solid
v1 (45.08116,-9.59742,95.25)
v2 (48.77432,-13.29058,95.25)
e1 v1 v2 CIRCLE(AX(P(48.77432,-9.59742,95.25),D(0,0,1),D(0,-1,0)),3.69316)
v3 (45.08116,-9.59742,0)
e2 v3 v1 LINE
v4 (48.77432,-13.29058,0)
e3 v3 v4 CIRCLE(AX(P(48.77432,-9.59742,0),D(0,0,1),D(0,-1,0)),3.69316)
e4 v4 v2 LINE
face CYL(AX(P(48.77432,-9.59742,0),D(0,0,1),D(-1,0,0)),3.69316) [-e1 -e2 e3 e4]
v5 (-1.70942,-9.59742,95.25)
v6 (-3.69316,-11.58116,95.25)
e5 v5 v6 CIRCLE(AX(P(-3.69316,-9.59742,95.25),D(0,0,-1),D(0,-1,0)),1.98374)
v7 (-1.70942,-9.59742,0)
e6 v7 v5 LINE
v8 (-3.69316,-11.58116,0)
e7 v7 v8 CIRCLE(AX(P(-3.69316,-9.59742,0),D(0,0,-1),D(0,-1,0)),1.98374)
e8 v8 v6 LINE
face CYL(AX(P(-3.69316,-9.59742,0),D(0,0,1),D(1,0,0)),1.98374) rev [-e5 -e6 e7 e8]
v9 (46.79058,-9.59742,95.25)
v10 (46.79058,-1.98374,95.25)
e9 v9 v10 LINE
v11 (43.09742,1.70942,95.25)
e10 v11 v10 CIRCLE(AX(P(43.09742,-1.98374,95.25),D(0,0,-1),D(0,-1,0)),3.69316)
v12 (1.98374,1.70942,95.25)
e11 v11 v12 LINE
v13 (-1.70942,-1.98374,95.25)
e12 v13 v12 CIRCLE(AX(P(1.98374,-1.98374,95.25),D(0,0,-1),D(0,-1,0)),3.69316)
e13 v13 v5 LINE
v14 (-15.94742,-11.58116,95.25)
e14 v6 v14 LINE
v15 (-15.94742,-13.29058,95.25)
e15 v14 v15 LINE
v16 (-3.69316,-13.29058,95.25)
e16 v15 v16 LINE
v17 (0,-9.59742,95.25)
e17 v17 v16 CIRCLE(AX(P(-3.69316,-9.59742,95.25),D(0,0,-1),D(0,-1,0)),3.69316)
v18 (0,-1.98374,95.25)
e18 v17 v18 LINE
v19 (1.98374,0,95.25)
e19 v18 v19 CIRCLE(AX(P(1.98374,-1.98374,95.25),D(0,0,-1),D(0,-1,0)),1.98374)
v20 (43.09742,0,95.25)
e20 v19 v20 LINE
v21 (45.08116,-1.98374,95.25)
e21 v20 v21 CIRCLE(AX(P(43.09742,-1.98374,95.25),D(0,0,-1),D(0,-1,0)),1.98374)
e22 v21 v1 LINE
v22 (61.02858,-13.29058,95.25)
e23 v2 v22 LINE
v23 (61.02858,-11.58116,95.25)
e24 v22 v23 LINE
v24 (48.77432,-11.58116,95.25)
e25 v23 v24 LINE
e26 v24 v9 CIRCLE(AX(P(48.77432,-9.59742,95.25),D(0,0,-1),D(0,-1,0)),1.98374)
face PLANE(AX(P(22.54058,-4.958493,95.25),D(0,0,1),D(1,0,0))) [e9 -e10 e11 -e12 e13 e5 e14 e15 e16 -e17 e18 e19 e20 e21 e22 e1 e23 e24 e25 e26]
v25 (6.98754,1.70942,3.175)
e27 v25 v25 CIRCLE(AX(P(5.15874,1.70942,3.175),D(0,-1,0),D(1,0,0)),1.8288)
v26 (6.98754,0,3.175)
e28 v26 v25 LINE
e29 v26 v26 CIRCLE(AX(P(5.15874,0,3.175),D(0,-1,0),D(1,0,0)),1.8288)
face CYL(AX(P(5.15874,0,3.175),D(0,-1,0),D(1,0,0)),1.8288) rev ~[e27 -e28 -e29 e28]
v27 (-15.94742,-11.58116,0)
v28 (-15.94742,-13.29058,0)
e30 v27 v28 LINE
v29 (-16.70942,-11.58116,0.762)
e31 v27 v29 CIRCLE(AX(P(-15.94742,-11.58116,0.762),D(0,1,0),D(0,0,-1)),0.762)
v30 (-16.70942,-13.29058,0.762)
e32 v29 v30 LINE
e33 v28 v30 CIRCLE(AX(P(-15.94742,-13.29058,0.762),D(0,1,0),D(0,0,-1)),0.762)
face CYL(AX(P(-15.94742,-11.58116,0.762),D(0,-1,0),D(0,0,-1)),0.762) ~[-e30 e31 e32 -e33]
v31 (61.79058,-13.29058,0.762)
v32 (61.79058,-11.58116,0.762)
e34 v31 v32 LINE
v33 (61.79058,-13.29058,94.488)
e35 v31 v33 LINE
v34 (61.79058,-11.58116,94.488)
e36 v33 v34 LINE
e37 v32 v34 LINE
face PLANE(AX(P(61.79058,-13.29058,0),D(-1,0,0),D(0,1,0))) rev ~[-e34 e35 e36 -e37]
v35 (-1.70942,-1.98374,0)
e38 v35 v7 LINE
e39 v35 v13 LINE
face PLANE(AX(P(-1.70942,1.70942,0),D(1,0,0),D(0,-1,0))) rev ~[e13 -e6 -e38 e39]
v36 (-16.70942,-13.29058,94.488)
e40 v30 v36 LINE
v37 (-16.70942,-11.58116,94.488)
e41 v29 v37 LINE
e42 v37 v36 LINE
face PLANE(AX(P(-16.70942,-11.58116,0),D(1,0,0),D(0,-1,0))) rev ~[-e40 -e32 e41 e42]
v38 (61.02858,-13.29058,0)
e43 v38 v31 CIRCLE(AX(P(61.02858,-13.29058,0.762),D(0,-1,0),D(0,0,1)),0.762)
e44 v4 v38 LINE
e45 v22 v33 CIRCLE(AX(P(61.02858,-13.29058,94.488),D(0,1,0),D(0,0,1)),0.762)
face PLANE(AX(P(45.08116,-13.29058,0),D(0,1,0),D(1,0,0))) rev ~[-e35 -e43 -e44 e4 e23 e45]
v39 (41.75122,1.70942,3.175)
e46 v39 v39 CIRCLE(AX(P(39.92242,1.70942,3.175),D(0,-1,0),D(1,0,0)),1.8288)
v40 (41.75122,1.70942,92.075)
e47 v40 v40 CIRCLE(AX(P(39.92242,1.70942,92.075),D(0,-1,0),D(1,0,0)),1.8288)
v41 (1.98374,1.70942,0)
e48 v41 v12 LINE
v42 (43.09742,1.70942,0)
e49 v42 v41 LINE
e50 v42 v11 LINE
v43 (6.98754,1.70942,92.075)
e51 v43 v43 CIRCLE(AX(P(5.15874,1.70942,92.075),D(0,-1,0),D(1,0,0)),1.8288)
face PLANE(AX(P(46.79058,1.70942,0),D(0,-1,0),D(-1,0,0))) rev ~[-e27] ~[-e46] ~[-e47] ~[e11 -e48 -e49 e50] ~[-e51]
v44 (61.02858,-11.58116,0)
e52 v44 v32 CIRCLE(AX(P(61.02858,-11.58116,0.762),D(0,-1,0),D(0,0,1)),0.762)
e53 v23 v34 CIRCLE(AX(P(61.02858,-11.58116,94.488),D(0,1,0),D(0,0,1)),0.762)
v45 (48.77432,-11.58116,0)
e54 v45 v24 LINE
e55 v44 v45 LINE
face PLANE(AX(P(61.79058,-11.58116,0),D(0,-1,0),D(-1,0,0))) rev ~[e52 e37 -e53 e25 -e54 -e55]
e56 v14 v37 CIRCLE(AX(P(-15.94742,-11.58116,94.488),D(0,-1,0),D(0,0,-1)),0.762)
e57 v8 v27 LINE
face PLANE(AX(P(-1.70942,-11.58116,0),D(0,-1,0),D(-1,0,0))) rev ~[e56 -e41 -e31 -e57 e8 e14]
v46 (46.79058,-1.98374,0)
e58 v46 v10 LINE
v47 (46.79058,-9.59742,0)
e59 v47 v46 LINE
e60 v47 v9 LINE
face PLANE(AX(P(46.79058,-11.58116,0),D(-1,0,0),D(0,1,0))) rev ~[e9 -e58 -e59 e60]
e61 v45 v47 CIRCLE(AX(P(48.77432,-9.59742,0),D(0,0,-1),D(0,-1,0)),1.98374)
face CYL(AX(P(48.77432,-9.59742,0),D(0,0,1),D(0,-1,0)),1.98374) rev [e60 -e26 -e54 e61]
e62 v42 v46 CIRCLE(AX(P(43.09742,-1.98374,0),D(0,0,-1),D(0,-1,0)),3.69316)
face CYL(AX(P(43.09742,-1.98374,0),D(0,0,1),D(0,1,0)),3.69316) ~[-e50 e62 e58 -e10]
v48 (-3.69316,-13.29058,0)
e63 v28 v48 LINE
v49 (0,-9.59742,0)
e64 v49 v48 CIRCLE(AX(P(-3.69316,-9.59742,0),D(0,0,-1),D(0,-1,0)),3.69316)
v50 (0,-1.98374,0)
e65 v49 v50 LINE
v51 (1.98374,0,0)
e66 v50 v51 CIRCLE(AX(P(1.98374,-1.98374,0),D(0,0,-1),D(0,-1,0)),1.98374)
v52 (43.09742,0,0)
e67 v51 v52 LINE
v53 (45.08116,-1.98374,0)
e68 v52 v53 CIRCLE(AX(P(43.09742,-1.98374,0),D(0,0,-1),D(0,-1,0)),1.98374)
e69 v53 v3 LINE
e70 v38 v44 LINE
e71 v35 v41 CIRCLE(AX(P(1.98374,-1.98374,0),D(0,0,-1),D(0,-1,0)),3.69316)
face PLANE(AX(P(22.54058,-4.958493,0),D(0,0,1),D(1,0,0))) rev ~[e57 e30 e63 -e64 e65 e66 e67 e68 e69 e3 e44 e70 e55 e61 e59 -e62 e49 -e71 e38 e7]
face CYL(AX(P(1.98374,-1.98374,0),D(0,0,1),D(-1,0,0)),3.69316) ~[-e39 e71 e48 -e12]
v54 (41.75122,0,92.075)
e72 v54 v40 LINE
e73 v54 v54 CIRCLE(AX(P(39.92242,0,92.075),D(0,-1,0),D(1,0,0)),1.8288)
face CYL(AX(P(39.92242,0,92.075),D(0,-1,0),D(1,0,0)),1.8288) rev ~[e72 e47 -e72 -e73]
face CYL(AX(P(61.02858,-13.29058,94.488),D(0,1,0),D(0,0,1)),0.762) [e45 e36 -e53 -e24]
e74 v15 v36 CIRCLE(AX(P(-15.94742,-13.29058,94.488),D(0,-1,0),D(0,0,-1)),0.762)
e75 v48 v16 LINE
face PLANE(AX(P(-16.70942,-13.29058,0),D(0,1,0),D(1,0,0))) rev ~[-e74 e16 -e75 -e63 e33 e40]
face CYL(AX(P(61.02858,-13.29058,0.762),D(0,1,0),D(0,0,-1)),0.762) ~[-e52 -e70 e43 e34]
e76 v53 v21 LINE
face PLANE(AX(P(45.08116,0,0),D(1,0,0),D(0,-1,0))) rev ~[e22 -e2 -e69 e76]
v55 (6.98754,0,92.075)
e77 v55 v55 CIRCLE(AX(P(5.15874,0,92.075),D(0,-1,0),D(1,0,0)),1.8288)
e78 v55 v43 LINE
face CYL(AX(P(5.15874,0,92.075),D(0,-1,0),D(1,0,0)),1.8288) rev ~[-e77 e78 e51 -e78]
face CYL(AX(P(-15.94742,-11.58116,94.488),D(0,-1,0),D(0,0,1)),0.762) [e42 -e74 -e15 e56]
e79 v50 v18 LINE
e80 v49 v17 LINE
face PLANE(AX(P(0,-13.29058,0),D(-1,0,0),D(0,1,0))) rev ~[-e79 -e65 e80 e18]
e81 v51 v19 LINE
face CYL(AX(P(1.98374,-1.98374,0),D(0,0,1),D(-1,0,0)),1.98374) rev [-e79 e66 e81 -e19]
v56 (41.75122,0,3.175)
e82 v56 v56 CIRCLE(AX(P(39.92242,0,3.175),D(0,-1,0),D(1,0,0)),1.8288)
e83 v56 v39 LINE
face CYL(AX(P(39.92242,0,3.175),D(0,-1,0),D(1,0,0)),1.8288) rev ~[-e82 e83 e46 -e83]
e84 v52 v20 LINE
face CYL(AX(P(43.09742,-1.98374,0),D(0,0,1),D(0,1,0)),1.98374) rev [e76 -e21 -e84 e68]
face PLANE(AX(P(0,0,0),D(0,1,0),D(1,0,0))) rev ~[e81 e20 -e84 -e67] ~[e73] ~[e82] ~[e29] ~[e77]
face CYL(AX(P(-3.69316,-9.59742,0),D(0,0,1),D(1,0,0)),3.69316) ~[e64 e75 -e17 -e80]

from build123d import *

# Parameters (mm, degrees)
F1_DEPTH = 95.25
F2_R     = 1.98374
F3_R     = 3.69316
F4_R     = 0.762
F5_R     = 1.8288
F6_DEPTH = 1.70942


with BuildPart() as f1:
    # F0 (on Top) → F1 (new body)
    with BuildSketch(Plane.XY):
        Polygon((0, -13.29058), (0, 0), (45.08116, 0), (45.08116, -13.29058), (61.79058, -13.29058), (61.79058, -11.58116), (46.79058, -11.58116), (46.79058, 1.70942), (-1.70942, 1.70942), (-1.70942, -11.58116), (-16.70942, -11.58116), (-16.70942, -13.29058), align=None)
    extrude(amount=F1_DEPTH)

    # F2
    f2_edges = [f1.edges().sort_by_distance(p)[0] for p in [
        (0, 0, 47.625),
        (-1.70942, -11.58116, 47.625),
        (45.08116, 0, 47.625),
        (46.79058, -11.58116, 47.625),
    ]]
    fillet(f2_edges, radius=F2_R)

    # F3
    f3_edges = [f1.edges().sort_by_distance(p)[0] for p in [
        (0, -13.29058, 47.625),
        (-1.70942, 1.70942, 47.625),
        (46.79058, 1.70942, 47.625),
        (45.08116, -13.29058, 47.625),
    ]]
    fillet(f3_edges, radius=F3_R)

    # F4
    f4_edges = [f1.edges().sort_by_distance(p)[0] for p in [
        (-16.70942, -12.43587, 0),
        (-16.70942, -12.43587, 95.25),
        (61.79058, -12.43587, 0),
        (61.79058, -12.43587, 95.25),
    ]]
    fillet(f4_edges, radius=F4_R)

    # F5 (on face) → F6 (cut, through all)
    with BuildSketch(Plane.XZ):
        with Locations((5.15874, 92.075)):
            Circle(F5_R)
        with Locations((5.15874, 3.175)):
            Circle(F5_R)
        with Locations((39.92242, 92.075)):
            Circle(F5_R)
        with Locations((39.92242, 3.175)):
            Circle(F5_R)
    extrude(amount=-F6_DEPTH, mode=Mode.SUBTRACT)


solid = f1.part
